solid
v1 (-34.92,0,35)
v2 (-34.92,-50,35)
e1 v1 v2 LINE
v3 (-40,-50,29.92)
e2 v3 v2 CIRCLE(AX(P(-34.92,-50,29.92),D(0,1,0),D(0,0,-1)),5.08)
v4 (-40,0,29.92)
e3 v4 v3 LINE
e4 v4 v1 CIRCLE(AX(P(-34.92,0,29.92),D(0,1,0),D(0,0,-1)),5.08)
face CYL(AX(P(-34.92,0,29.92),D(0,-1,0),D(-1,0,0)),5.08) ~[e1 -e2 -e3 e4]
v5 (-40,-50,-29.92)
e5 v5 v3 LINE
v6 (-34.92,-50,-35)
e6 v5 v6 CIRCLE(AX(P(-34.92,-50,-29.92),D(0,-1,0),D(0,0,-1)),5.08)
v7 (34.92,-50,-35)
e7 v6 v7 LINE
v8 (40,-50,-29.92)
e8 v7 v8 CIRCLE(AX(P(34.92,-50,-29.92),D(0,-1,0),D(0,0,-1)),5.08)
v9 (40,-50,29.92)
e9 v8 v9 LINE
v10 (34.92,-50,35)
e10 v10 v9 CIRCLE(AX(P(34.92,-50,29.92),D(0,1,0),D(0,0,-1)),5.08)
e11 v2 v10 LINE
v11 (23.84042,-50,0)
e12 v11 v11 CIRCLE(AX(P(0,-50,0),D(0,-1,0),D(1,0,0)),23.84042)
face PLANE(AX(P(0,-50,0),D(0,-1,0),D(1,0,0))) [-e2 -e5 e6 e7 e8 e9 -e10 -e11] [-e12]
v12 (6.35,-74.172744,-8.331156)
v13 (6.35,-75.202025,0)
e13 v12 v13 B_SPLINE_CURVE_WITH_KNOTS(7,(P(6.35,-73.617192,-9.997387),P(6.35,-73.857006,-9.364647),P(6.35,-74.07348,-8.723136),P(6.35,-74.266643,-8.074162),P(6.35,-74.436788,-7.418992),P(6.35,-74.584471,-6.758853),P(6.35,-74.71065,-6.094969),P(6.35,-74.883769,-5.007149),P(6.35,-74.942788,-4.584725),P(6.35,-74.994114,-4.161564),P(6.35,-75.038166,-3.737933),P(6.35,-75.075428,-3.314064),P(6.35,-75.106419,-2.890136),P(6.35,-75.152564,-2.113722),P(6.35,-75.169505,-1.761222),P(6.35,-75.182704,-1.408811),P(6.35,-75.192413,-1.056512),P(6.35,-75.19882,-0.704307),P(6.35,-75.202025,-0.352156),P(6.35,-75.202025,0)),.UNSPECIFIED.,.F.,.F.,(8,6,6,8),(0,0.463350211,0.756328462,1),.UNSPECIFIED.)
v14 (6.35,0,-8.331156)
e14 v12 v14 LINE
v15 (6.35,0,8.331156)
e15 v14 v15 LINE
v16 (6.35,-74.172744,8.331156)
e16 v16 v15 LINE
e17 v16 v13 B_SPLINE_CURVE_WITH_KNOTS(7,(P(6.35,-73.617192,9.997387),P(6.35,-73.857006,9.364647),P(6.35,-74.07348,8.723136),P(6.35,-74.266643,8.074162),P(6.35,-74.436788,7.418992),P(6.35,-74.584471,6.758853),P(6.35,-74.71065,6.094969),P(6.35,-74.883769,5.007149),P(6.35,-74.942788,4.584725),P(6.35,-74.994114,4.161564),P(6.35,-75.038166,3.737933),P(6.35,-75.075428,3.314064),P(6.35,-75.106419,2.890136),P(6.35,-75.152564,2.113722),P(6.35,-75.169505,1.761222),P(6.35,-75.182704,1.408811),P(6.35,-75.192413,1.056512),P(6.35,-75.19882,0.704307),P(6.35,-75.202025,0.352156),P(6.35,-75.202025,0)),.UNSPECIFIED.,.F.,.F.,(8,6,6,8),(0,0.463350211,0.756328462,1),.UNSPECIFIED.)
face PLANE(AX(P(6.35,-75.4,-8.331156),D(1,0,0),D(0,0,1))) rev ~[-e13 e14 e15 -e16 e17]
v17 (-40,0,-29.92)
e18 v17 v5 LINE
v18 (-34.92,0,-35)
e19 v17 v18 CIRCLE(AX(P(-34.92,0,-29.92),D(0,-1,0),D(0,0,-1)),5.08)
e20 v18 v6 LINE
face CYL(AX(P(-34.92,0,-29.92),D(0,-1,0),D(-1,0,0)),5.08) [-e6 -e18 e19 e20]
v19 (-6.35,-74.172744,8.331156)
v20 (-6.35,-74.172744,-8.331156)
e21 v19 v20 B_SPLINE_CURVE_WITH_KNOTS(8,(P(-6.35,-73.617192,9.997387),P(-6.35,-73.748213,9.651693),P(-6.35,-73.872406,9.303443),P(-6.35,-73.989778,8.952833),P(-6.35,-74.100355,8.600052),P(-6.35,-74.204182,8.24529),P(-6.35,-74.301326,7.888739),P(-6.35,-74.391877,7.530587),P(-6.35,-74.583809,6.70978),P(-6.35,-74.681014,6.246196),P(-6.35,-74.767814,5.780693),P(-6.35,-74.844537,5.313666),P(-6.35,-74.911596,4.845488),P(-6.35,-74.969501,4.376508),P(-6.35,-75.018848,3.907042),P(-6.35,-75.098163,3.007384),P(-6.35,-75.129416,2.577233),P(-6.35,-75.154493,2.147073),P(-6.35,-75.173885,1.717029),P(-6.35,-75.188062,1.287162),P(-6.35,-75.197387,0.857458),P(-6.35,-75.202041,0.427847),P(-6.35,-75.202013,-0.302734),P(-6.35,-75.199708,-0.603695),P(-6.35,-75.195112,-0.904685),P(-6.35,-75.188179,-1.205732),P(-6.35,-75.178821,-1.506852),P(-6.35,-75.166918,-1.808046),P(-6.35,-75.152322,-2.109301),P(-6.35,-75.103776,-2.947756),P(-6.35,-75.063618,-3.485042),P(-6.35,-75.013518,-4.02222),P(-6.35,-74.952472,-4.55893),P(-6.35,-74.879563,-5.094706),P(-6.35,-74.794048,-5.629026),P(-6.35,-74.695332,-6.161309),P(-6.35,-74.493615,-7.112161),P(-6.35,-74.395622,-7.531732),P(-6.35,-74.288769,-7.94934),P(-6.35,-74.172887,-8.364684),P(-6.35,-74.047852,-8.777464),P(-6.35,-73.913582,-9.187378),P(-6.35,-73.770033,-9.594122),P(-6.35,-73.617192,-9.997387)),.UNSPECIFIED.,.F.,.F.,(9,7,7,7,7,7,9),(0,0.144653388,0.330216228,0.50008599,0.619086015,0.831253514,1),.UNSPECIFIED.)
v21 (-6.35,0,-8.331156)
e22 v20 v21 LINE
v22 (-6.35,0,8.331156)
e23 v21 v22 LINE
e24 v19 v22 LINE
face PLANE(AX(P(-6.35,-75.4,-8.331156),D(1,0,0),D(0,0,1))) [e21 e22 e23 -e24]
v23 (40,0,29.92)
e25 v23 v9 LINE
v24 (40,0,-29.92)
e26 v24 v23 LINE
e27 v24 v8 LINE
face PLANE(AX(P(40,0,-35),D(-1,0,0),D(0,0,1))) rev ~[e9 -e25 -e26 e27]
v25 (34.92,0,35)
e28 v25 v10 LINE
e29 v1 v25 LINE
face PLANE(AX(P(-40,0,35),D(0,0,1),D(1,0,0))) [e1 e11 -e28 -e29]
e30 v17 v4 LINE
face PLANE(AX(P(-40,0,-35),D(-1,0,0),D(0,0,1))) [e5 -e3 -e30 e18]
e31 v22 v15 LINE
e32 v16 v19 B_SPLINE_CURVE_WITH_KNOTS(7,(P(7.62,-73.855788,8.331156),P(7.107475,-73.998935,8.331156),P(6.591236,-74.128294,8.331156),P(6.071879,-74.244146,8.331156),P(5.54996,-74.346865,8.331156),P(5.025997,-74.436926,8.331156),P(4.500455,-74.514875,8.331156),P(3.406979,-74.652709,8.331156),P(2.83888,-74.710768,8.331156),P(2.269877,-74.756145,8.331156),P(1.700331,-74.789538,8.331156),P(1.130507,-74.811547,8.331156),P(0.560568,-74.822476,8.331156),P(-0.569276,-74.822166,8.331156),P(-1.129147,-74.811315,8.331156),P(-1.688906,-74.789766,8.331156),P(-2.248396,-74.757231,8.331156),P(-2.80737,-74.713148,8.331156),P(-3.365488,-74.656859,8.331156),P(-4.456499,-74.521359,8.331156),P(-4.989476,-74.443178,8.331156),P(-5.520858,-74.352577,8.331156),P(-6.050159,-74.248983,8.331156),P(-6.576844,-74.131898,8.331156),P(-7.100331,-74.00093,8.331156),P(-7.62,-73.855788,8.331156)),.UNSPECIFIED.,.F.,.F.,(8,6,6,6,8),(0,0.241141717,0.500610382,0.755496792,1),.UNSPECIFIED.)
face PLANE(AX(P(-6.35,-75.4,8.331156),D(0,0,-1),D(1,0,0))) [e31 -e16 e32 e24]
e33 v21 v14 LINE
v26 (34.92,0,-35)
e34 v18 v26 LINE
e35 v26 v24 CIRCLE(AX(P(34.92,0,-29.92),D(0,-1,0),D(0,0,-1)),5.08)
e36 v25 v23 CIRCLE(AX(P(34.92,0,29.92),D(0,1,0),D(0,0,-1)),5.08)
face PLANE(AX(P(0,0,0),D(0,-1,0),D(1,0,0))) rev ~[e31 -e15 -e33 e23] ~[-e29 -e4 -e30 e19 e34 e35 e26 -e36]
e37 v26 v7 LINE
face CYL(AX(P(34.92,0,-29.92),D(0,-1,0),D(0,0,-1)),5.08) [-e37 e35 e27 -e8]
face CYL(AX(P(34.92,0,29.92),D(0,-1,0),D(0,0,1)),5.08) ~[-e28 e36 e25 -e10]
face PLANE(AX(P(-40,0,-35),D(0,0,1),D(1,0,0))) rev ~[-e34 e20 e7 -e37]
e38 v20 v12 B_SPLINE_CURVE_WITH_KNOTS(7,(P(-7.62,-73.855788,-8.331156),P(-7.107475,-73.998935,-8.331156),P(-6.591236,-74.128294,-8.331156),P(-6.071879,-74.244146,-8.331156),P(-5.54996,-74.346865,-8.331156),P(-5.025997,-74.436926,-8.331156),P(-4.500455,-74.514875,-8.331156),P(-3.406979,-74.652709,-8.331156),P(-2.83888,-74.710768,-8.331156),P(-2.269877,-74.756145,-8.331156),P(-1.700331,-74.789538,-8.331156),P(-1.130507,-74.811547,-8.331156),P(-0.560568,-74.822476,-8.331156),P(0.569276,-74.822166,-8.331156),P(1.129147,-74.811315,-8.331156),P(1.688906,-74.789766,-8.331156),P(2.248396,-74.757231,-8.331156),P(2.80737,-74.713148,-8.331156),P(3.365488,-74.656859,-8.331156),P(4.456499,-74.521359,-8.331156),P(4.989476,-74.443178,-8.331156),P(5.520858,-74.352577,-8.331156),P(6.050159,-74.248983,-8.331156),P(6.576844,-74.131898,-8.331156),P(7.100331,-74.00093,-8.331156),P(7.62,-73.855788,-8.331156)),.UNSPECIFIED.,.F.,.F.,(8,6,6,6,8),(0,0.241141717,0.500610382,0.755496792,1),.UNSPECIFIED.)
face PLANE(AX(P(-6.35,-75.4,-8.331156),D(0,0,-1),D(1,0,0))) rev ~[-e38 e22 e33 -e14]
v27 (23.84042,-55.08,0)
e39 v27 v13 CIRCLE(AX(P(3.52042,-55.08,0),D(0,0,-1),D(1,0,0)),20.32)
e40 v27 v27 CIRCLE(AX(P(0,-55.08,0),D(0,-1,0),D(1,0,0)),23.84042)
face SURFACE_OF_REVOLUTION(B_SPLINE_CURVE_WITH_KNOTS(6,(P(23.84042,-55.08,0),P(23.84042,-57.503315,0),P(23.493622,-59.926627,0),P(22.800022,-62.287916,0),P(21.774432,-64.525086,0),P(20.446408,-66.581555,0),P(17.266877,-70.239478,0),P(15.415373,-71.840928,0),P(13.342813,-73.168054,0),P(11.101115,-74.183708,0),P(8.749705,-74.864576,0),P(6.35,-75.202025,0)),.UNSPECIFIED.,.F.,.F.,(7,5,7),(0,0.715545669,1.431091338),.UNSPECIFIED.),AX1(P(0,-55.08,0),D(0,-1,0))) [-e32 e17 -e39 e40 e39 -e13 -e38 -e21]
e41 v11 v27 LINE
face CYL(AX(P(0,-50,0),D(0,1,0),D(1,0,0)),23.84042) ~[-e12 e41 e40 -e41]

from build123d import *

# Parameters (mm, degrees)
F0_W     = 80
F0_H     = 70
F1_DEPTH = 50
F2_R     = 23.84042
F3_DEPTH = 25.4
F4_R     = 5.08
F5_R     = 20.32
F6_W     = 12.7
F6_H     = 16.662312
F7_DEPTH = 75.4


with BuildPart() as f1:
    # F0 (on Front) → F1 (new body)
    with BuildSketch(Plane.XZ):
        Rectangle(F0_W, F0_H)
    extrude(amount=F1_DEPTH)

    # F2 (on face) → F3 (join)
    with BuildSketch(Plane.XZ.offset(50)):
        Circle(F2_R)
    extrude(amount=F3_DEPTH)

    # F4
    f4_edges = [f1.edges().sort_by_distance(p)[0] for p in [
        (40, -25, 35),
        (40, -25, -35),
        (-40, -25, 35),
        (-40, -25, -35),
    ]]
    fillet(f4_edges, radius=F4_R)

    # F5
    f5_edges = [f1.edges().sort_by_distance(p)[0] for p in [
        (-23.84042, -75.4, 0),
    ]]
    fillet(f5_edges, radius=F5_R)

    # F6 (on face) → F7 (cut, through all)
    with BuildSketch(Plane.XZ.offset(75.4)):
        Rectangle(F6_W, F6_H)
    extrude(amount=-F7_DEPTH, mode=Mode.SUBTRACT)


solid = f1.part
